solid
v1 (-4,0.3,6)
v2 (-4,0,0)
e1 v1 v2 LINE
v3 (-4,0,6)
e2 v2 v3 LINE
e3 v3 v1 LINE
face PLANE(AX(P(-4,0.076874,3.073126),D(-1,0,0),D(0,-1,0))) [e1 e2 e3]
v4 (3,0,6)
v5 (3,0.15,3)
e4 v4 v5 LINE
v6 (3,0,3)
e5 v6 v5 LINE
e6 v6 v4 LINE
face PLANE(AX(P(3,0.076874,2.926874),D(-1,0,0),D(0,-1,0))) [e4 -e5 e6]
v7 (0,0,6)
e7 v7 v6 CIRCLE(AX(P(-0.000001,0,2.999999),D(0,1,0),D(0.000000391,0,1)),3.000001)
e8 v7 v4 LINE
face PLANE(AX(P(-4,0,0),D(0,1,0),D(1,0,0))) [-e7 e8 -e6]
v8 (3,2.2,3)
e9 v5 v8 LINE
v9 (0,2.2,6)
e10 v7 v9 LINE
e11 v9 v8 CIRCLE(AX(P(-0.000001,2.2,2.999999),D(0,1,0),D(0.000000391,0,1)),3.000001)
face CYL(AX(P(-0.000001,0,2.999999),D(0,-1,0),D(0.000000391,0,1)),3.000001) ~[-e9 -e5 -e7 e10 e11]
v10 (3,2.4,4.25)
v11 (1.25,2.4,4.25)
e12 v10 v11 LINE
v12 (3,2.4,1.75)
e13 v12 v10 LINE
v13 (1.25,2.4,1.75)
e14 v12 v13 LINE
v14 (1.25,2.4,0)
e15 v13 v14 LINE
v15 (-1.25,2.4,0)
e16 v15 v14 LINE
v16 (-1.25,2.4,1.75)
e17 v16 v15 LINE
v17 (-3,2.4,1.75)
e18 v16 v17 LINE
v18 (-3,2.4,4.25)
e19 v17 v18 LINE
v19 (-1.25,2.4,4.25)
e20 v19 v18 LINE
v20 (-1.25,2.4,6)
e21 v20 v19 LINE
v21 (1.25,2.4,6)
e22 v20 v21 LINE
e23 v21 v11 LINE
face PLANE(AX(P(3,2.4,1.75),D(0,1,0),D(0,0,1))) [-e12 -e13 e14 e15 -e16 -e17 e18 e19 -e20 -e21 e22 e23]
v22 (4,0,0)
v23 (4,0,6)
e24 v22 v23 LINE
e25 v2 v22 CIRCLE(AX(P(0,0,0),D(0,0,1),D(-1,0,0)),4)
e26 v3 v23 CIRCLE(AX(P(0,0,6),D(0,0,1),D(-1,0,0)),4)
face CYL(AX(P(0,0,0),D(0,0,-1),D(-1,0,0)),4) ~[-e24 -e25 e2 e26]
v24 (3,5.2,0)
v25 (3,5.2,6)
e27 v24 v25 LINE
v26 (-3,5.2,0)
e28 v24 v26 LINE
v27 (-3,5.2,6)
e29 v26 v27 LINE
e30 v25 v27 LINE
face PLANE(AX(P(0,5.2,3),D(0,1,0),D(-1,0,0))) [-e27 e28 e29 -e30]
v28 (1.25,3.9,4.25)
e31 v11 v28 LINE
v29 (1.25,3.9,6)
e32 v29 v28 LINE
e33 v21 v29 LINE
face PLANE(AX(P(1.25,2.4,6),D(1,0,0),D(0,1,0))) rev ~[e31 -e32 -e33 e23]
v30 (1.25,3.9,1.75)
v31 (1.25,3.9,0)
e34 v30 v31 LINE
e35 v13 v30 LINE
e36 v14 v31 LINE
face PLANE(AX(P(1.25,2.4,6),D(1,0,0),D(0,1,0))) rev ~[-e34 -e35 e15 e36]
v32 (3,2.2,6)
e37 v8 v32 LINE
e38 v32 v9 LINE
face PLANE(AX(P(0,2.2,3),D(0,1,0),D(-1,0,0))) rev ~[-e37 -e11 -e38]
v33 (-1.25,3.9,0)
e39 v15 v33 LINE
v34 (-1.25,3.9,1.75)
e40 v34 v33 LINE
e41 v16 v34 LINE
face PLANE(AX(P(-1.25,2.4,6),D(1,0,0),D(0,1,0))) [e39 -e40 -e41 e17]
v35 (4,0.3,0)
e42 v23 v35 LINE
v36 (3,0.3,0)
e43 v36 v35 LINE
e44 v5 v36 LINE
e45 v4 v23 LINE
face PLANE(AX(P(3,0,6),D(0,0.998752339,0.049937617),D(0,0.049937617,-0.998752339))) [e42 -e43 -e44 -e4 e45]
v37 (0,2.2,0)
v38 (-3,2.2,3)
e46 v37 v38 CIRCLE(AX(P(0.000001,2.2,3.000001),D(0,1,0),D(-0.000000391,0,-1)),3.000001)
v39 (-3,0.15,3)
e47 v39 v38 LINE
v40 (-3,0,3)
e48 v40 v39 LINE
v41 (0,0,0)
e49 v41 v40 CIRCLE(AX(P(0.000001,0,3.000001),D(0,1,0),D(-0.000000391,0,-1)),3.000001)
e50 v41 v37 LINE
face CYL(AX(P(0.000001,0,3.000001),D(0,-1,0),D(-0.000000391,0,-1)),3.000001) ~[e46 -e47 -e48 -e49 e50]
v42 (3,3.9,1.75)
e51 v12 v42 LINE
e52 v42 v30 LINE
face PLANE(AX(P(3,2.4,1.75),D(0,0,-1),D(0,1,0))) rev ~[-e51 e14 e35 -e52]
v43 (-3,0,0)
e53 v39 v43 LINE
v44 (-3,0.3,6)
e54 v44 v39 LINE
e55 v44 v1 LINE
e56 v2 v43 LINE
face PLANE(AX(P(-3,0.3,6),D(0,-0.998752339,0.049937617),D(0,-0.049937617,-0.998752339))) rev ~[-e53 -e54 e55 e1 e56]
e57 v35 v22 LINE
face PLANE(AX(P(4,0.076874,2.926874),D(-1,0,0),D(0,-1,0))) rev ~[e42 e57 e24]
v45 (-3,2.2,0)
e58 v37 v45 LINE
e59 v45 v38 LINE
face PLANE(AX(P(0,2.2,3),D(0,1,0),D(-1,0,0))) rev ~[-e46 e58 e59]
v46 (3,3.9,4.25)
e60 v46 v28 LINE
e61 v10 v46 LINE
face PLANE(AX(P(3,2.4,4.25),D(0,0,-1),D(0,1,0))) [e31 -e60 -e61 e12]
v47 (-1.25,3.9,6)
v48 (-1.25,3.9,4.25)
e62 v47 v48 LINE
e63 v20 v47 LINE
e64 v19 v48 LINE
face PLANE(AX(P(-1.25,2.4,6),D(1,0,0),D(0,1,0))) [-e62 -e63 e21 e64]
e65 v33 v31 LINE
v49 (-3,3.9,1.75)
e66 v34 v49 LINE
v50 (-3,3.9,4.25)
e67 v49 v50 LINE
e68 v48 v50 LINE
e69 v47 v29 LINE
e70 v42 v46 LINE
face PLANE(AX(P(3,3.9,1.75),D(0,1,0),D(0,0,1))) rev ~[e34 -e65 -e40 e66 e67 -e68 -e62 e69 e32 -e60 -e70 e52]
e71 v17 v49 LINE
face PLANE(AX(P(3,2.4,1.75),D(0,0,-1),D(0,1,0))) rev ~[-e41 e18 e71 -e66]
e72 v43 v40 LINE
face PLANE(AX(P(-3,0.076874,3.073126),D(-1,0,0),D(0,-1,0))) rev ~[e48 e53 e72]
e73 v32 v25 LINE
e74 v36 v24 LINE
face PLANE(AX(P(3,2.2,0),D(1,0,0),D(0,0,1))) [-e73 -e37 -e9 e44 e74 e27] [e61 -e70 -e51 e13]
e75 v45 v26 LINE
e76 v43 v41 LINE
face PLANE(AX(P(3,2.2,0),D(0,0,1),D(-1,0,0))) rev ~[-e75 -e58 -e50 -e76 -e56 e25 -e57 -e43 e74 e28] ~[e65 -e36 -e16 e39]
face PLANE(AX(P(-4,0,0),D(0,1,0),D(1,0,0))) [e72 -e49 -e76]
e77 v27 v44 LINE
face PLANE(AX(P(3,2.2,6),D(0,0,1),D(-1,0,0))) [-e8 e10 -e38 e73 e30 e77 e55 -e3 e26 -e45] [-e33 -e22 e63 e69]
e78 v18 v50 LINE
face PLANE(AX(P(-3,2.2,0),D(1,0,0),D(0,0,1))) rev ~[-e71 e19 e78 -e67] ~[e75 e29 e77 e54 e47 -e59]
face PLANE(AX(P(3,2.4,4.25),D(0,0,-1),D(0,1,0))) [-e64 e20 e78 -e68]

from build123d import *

# Parameters (mm, degrees)
PAD_DEPTH       = 6
PAD001_DEPTH    = 2.2
PAD002_DEPTH    = 1
PAD003_DEPTH    = 1
SKETCH004_W     = 6
SKETCH004_H     = 6
PAD004_DEPTH    = 3
SKETCH005_W     = 2.5
SKETCH005_H     = 1.5
POCKET_DEPTH    = 6.001
SKETCH006_W     = 1.5
SKETCH006_H     = 2.5
POCKET001_DEPTH = 7.001


with BuildPart() as part:
    # Sketch → Pad (new body)
    with BuildSketch(Plane.XY):
        with BuildLine():
            Line((-4, 0), (4, 0))
            ThreePointArc((-4, 0), (0, -4), (4, 0))
        make_face()
    extrude(amount=PAD_DEPTH)

    # Sketch001 (on Face1 of Pad) → Pad001 (join)
    with BuildSketch(Plane(origin=(0, 0, 0), x_dir=(-1, 0, 0), z_dir=(0, 1, 0))):
        with BuildLine():
            Line((-3, 3), (-3, 0))
            Line((-3, 0), (0, 0))
            ThreePointArc((0, 0), (2.12132, 0.87868), (3, 3))
            Line((3, 3), (3, 6))
            Line((3, 6), (0, 6))
            ThreePointArc((0, 6), (-2.12132, 5.12132), (-3, 3))
        make_face()
    extrude(amount=PAD001_DEPTH)

    # Sketch002 (on Face7 of Pad001) → Pad002 (join)
    with BuildSketch(Plane.YZ.offset(3)):
        Polygon((0, 0), (0, 6), (0.3, 0), align=None)
    extrude(amount=PAD002_DEPTH)

    # Sketch003 (on Face3 of Pad002) → Pad003 (join)
    with BuildSketch(Plane(origin=(-3, 0, 0), x_dir=(0, -1, 0), z_dir=(-1, 0, 0))):
        Polygon((0, 0), (0, 6), (-0.3, 6), align=None)
    extrude(amount=PAD003_DEPTH)

    # Sketch004 (on Face6 of Pad003) → Pad004 (join)
    with BuildSketch(Plane(origin=(0, 2.2, 0), x_dir=(-1, 0, 0), z_dir=(0, 1, 0))):
        with Locations((0, 3)):
            Rectangle(SKETCH004_W, SKETCH004_H)
    extrude(amount=PAD004_DEPTH)

    # Sketch005 (on Face18 of Pad004) → Pocket (cut, through all)
    with BuildSketch(Plane.XY.offset(6)):
        with Locations((0, 3.15)):
            Rectangle(SKETCH005_W, SKETCH005_H)
    extrude(amount=-POCKET_DEPTH, mode=Mode.SUBTRACT)

    # Sketch006 (on Face5 of Pocket) → Pocket001 (cut, through all)
    with BuildSketch(Plane.YZ.offset(3)):
        with Locations((3.15, 3)):
            Rectangle(SKETCH006_W, SKETCH006_H)
    extrude(amount=-POCKET001_DEPTH, mode=Mode.SUBTRACT)


solid = part.part
